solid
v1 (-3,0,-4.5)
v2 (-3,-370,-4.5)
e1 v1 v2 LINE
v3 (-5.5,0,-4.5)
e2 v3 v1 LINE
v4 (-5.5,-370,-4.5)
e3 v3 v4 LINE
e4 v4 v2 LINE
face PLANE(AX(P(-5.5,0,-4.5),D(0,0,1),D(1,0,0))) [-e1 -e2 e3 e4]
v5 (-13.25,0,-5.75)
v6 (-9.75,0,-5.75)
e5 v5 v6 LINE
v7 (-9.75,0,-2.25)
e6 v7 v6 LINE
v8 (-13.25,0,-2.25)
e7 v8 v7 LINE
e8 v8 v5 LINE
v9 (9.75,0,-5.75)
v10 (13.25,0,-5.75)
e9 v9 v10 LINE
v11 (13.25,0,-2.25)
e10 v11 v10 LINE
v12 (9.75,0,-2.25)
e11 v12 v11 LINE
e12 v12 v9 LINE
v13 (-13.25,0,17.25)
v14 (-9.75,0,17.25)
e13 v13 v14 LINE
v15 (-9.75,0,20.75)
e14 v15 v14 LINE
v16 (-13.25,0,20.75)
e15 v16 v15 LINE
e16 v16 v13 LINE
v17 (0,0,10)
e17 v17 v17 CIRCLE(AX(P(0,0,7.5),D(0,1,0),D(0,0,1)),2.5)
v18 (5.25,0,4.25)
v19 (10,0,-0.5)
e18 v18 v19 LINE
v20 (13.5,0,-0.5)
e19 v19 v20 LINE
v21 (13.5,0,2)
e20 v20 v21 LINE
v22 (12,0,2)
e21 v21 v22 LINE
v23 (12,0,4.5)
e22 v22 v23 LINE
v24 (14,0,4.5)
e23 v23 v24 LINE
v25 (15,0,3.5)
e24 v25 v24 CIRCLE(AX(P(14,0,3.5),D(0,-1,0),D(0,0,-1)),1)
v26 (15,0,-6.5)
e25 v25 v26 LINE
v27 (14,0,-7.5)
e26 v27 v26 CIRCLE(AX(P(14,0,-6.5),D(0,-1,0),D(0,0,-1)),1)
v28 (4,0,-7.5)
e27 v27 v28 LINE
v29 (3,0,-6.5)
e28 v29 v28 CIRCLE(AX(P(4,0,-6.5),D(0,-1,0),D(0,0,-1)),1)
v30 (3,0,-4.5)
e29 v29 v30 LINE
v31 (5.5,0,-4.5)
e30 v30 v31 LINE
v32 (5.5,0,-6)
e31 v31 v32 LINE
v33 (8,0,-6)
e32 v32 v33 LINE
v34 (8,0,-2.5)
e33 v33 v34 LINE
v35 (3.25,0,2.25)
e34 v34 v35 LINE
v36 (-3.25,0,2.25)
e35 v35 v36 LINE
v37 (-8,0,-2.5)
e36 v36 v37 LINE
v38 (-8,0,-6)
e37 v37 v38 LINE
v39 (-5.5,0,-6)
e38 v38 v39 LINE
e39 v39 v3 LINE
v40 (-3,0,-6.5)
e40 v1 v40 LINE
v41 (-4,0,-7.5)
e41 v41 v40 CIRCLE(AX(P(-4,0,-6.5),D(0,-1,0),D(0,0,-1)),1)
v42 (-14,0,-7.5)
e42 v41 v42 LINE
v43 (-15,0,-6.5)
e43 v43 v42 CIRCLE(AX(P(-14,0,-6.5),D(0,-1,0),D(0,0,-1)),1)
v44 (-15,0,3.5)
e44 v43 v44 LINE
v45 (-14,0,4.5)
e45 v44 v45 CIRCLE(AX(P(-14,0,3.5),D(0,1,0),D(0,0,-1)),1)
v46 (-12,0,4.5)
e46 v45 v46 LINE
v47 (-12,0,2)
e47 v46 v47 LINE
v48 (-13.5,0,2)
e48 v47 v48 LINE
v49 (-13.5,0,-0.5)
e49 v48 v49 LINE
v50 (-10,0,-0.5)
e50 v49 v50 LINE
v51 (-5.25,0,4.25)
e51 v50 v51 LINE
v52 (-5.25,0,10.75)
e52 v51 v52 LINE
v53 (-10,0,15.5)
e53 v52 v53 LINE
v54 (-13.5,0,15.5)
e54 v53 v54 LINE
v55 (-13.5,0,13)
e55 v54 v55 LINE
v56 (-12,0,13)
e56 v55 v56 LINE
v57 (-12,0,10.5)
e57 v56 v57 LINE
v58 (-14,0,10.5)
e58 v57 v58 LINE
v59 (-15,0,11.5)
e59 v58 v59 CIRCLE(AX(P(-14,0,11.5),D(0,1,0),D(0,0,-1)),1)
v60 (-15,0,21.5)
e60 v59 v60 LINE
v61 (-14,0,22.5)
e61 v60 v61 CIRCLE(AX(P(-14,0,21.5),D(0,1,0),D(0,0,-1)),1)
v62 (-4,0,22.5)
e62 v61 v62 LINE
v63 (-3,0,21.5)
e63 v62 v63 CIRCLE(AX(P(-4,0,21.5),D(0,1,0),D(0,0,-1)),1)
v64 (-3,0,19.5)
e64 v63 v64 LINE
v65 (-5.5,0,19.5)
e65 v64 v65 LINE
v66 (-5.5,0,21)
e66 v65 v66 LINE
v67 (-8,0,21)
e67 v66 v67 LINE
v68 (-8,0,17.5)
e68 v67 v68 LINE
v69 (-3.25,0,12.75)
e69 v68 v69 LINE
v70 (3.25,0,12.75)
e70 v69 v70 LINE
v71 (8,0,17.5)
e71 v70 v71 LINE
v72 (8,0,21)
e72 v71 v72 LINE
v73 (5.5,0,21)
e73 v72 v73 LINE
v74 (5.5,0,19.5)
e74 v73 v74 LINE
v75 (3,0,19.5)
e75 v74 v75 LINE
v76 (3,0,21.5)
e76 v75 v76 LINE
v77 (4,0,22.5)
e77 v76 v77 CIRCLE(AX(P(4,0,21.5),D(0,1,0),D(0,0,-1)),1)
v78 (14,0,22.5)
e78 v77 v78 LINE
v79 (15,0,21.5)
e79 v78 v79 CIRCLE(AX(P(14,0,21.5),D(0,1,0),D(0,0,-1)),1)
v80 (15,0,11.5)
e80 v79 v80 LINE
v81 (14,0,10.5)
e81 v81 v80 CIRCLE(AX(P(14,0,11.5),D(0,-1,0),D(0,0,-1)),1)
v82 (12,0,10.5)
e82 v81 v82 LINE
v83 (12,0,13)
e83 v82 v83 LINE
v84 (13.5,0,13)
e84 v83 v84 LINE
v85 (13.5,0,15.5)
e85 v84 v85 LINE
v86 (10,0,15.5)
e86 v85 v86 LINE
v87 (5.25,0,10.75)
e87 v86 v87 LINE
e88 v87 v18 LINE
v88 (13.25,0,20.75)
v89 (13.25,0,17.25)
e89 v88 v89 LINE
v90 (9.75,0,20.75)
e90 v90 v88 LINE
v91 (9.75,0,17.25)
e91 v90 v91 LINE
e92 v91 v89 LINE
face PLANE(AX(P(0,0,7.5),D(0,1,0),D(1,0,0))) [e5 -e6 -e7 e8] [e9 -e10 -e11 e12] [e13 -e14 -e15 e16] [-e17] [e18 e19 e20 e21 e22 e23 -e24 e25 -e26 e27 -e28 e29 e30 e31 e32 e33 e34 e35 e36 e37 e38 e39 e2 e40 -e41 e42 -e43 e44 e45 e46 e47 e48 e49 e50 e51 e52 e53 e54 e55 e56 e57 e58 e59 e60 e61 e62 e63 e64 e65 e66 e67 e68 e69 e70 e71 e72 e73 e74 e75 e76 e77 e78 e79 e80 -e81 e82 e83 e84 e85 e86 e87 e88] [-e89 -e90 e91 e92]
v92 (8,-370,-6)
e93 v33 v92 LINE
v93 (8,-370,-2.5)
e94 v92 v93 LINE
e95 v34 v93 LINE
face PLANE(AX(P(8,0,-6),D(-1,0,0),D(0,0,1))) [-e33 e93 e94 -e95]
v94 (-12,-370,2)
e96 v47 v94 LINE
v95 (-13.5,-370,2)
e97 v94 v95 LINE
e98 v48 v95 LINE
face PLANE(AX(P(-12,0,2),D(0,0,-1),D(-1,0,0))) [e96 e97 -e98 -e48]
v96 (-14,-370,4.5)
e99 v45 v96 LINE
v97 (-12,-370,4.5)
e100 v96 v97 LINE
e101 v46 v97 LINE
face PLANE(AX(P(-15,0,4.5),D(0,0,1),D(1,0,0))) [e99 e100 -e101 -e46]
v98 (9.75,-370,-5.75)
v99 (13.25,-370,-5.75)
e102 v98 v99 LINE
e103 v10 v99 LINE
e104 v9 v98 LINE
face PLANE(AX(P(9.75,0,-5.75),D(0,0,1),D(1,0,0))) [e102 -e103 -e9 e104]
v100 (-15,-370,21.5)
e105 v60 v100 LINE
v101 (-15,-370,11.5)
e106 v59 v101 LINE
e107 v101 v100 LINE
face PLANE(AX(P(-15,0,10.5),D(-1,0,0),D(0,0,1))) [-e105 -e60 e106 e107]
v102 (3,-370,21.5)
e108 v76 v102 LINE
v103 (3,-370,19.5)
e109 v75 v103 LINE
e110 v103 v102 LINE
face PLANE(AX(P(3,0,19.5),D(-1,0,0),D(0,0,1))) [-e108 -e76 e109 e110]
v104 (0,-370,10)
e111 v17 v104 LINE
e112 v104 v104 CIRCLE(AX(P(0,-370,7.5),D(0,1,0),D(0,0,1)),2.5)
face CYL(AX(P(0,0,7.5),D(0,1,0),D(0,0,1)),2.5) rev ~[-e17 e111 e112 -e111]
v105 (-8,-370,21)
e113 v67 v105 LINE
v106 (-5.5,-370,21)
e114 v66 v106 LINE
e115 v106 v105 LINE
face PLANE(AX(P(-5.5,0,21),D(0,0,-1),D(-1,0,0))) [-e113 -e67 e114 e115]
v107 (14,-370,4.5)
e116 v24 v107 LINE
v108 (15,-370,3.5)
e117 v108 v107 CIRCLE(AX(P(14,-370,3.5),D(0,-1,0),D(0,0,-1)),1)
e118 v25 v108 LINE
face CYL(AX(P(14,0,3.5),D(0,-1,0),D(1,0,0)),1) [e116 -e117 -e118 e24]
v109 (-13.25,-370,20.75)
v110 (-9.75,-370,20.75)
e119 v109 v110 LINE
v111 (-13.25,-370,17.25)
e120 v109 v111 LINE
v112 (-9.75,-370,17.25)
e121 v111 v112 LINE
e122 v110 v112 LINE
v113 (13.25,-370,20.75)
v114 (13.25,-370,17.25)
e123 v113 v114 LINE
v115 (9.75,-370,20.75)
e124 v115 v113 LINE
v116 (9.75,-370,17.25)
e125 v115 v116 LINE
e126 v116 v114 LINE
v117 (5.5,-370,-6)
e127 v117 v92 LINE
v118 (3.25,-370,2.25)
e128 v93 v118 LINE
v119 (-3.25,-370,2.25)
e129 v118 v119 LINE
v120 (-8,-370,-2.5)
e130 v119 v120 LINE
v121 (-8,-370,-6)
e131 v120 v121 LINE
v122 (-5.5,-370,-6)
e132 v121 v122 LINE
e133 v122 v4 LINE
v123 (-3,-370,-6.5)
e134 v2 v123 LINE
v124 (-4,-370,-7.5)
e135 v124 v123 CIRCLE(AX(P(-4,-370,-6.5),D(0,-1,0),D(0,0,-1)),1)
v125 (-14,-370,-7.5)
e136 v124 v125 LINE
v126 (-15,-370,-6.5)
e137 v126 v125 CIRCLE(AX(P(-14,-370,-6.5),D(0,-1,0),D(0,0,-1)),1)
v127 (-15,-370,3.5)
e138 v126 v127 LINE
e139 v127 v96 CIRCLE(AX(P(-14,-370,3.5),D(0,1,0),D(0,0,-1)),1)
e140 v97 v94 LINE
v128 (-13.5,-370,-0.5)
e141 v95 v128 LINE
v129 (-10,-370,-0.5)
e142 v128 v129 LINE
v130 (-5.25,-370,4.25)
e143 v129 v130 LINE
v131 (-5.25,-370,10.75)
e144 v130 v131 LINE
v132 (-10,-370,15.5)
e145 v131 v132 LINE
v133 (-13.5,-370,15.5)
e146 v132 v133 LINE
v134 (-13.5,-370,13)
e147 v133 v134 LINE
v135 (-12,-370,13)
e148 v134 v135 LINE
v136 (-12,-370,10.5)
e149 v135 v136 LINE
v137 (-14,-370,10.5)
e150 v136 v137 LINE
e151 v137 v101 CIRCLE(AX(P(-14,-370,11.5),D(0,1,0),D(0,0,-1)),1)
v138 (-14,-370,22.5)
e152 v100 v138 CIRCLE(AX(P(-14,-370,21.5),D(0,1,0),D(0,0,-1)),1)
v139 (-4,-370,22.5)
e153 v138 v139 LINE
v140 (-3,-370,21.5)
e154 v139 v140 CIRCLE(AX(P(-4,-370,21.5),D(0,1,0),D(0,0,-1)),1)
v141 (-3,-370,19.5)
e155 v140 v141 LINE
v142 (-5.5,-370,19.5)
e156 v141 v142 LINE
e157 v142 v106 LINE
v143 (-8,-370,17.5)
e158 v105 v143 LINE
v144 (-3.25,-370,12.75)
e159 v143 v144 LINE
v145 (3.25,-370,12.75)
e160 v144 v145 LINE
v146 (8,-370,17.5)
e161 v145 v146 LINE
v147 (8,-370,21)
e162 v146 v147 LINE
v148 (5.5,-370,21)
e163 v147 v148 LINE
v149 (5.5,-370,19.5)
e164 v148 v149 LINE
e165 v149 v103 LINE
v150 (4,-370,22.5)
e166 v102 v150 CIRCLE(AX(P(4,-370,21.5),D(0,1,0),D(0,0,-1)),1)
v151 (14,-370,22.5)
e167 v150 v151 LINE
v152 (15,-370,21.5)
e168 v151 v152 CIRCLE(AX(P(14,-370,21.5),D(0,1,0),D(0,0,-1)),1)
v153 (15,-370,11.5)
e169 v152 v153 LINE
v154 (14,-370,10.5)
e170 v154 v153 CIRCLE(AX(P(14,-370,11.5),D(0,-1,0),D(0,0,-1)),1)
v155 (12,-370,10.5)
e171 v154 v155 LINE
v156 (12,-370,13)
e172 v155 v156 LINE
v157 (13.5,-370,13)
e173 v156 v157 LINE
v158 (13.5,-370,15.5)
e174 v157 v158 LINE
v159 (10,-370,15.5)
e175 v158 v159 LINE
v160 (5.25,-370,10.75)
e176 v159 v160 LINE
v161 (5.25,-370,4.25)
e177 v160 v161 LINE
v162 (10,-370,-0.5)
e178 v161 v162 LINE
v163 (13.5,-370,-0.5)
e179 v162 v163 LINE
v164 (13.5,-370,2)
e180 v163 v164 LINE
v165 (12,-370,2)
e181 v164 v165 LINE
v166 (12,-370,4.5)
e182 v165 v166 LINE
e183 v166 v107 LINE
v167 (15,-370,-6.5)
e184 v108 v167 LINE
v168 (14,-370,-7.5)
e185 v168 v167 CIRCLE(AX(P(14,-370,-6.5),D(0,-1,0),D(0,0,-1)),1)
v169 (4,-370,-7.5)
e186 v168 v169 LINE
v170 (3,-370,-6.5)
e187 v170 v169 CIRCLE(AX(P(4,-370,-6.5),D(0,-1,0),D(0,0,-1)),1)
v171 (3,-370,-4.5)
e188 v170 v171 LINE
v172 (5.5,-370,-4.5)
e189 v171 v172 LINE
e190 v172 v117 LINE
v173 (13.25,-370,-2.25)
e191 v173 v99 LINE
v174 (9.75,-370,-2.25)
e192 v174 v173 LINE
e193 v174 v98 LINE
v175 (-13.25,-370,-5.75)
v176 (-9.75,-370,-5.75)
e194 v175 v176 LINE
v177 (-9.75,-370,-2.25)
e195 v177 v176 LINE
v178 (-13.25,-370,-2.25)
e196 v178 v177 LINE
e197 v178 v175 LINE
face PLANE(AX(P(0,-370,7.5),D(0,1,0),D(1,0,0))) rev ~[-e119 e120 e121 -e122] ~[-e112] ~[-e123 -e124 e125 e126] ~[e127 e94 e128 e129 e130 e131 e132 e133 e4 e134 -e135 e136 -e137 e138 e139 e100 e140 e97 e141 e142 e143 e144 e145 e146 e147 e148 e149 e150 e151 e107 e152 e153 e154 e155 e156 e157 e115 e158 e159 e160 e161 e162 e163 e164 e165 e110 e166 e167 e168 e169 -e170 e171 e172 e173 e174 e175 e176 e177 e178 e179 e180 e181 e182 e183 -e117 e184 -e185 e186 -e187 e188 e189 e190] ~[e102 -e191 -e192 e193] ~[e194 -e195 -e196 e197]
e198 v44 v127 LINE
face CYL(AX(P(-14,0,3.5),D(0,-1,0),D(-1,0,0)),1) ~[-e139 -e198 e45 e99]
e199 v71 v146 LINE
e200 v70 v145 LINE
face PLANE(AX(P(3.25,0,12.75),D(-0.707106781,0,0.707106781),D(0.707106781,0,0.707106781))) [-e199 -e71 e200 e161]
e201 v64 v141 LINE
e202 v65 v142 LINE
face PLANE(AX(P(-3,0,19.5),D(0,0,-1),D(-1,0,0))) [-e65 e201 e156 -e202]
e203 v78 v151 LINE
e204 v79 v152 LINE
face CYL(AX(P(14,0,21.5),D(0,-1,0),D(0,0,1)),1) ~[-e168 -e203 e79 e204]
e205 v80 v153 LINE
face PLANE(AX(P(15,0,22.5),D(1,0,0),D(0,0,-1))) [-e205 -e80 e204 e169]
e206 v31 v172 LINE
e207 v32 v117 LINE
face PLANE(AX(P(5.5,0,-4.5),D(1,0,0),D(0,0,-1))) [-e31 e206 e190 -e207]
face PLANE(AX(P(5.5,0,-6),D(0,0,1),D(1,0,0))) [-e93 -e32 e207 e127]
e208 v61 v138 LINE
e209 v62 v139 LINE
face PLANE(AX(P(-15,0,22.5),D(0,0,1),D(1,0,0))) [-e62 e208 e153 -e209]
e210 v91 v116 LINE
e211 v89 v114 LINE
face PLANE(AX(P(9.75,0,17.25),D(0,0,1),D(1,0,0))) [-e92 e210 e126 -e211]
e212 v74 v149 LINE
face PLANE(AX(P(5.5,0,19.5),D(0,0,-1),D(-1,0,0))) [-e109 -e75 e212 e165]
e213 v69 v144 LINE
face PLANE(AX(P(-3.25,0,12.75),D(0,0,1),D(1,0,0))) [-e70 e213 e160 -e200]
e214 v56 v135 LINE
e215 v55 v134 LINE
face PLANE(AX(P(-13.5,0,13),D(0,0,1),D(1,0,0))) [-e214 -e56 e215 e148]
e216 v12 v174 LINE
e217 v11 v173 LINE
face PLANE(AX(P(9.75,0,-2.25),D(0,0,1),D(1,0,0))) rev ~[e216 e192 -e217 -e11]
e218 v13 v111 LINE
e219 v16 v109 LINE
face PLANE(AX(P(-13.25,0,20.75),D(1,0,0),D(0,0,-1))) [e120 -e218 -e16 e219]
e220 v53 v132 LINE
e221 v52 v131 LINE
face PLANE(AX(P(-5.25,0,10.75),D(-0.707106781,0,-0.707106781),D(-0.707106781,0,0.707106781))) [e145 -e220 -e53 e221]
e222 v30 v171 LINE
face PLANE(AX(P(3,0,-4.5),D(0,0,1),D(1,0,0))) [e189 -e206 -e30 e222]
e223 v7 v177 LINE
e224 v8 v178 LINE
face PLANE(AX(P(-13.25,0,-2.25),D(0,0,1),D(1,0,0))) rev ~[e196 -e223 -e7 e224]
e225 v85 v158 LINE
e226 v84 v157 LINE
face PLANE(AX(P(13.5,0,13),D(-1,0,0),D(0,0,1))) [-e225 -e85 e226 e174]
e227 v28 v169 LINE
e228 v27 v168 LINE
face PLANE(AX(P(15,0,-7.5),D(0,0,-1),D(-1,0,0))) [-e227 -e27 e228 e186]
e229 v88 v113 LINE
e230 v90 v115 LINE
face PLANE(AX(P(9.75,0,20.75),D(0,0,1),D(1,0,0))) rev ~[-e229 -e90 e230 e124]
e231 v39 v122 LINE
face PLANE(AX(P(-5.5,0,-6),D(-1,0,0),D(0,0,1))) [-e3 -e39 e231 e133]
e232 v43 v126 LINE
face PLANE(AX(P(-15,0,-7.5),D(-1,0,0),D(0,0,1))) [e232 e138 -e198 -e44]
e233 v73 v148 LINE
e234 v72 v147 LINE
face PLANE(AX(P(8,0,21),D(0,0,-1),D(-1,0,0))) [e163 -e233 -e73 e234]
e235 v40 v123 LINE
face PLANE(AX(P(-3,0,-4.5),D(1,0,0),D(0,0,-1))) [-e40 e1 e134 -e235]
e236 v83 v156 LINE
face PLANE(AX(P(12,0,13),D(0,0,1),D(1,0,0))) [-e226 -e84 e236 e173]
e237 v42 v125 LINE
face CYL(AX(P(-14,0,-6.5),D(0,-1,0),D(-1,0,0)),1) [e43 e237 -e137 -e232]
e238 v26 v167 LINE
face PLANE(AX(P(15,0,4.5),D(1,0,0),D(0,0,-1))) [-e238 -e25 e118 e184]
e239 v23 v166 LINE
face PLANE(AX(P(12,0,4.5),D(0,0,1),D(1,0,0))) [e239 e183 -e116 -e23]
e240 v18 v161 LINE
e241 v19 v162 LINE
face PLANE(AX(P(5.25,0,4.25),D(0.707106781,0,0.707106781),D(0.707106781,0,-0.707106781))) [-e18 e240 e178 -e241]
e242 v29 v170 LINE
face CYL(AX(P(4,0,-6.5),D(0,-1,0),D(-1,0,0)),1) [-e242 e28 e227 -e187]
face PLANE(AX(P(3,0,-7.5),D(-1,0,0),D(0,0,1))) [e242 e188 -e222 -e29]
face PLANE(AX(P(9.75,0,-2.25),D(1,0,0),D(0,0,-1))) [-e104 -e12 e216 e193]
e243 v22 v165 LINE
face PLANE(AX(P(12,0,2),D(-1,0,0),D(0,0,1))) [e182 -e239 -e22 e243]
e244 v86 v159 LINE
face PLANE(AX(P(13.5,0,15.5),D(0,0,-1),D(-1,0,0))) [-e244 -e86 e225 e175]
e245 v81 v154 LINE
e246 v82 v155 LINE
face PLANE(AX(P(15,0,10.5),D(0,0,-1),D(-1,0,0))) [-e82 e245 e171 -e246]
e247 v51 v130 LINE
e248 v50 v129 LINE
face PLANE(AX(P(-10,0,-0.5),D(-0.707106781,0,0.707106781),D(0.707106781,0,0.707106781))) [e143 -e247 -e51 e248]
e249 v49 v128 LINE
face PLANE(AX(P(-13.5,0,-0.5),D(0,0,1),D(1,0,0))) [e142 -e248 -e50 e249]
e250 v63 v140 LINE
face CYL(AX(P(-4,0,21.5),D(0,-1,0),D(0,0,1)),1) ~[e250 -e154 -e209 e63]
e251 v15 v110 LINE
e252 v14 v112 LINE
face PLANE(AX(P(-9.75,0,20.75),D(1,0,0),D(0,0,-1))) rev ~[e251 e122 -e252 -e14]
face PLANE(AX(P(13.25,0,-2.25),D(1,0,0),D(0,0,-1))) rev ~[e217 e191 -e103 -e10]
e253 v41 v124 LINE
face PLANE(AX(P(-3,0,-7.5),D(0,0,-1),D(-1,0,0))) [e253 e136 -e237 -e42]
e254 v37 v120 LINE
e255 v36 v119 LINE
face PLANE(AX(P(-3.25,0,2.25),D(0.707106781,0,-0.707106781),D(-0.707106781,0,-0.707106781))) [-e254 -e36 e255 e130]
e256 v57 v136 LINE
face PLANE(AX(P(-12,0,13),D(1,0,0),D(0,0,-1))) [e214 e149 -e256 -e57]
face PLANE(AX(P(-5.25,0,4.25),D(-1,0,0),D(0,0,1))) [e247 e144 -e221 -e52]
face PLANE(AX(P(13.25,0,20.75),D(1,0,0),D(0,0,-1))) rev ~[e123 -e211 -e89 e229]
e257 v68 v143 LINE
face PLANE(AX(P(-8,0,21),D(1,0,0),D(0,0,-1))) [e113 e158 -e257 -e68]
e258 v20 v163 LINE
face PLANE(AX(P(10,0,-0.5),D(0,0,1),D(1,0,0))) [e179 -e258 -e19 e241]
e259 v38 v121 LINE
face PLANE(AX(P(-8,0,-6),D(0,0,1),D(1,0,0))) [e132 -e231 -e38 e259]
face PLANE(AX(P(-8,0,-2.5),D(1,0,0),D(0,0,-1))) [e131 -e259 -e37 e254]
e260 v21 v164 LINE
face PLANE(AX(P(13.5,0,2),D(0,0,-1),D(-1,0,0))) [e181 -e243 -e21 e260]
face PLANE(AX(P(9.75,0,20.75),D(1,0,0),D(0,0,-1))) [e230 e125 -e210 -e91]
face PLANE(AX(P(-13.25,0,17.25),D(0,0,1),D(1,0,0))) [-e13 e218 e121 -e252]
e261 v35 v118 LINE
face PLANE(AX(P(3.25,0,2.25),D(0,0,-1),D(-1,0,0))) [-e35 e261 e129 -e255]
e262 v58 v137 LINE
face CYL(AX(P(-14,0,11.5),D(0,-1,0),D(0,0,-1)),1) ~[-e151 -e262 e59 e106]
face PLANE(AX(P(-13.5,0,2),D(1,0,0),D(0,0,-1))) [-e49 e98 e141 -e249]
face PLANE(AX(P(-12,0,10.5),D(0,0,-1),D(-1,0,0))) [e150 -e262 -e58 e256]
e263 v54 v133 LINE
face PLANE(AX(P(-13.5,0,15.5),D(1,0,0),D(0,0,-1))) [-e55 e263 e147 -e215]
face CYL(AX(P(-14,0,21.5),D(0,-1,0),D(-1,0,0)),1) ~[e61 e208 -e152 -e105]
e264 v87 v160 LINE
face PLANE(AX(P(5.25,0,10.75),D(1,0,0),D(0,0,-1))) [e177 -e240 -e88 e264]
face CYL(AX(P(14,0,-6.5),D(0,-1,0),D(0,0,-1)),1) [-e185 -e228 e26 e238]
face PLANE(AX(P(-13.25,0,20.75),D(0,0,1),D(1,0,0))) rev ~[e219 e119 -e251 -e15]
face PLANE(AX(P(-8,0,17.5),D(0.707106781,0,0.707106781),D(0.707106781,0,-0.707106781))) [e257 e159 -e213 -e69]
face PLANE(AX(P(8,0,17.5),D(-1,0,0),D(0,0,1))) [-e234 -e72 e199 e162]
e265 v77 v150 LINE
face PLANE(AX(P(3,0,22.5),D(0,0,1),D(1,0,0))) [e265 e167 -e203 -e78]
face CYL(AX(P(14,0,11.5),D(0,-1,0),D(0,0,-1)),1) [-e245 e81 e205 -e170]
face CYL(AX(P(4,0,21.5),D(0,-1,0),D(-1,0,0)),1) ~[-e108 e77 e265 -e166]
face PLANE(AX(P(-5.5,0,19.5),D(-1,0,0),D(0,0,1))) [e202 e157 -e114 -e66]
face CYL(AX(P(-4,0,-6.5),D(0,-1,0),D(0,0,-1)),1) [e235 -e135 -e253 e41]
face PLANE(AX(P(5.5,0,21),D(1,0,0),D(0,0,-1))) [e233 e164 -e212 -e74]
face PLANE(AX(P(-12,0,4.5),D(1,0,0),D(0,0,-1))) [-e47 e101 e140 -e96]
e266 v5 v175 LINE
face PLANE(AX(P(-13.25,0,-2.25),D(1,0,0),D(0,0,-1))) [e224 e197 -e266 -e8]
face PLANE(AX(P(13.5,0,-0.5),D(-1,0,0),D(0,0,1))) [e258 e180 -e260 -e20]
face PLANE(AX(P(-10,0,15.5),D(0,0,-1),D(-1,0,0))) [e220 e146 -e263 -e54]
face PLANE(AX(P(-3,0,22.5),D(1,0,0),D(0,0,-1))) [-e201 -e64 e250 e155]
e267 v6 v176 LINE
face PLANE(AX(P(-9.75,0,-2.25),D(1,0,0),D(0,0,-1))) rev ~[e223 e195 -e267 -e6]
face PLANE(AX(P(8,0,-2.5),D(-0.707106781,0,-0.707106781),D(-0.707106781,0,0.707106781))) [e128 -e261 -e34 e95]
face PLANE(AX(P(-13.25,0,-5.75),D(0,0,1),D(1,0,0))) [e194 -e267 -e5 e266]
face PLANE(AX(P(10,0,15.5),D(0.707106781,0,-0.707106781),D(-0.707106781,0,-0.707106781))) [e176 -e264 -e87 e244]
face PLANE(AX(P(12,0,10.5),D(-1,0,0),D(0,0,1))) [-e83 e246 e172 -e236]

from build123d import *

# Parameters (mm, degrees)
SKETCH1_R           = 2.5
SKETCH1_W           = 3.5
SKETCH1_H           = 3.5
BOSS_EXTRUDE1_DEPTH = 370
FILLET1_R           = 1


with BuildPart() as part:
    # Sketch1 → Boss-Extrude1 (new body)
    with BuildSketch(Plane(origin=(0, 0, 0), x_dir=(1, 0, 0), z_dir=(0, 1, 0))):
        Polygon((-15, 7.5), (-15, -4.5), (-12, -4.5), (-12, -2), (-13.5, -2), (-13.5, 0.5), (-10, 0.5), (-5.25, -4.25), (-5.25, -10.75), (-10, -15.5), (-13.5, -15.5), (-13.5, -13), (-12, -13), (-12, -10.5), (-15, -10.5), (-15, -22.5), (-3, -22.5), (-3, -19.5), (-5.5, -19.5), (-5.5, -21), (-8, -21), (-8, -17.5), (-3.25, -12.75), (3.25, -12.75), (8, -17.5), (8, -21), (5.5, -21), (5.5, -19.5), (3, -19.5), (3, -22.5), (15, -22.5), (15, -10.5), (12, -10.5), (12, -13), (13.5, -13), (13.5, -15.5), (10, -15.5), (5.25, -10.75), (5.25, -4.25), (10, 0.5), (13.5, 0.5), (13.5, -2), (12, -2), (12, -4.5), (15, -4.5), (15, 7.5), (3, 7.5), (3, 4.5), (5.5, 4.5), (5.5, 6), (8, 6), (8, 2.5), (3.25, -2.25), (-3.25, -2.25), (-8, 2.5), (-8, 6), (-5.5, 6), (-5.5, 4.5), (-3, 4.5), (-3, 7.5), align=None)
        with Locations(Location((0, -7.5, 0), (0, 0, 270))):
            Circle(SKETCH1_R, mode=Mode.SUBTRACT)
        with Locations((-11.5, 4)):
            Rectangle(SKETCH1_W, SKETCH1_H, mode=Mode.SUBTRACT)
        with Locations((11.5, 4)):
            Rectangle(SKETCH1_W, SKETCH1_H, mode=Mode.SUBTRACT)
        with Locations((11.5, -19)):
            Rectangle(SKETCH1_W, SKETCH1_H, mode=Mode.SUBTRACT)
        with Locations((-11.5, -19)):
            Rectangle(SKETCH1_W, SKETCH1_H, mode=Mode.SUBTRACT)
    extrude(amount=-BOSS_EXTRUDE1_DEPTH)

    # Fillet1
    fillet1_edges = [part.edges().sort_by_distance(p)[0] for p in [
        (15, -185, 10.5),
        (15, -185, 22.5),
        (3, -185, 22.5),
        (-3, -185, 22.5),
        (-15, -185, 22.5),
        (-15, -185, 10.5),
        (-15, -185, 4.5),
        (-15, -185, -7.5),
        (-3, -185, -7.5),
        (3, -185, -7.5),
        (15, -185, -7.5),
        (15, -185, 4.5),
    ]]
    fillet(fillet1_edges, radius=FILLET1_R)


solid = part.part
